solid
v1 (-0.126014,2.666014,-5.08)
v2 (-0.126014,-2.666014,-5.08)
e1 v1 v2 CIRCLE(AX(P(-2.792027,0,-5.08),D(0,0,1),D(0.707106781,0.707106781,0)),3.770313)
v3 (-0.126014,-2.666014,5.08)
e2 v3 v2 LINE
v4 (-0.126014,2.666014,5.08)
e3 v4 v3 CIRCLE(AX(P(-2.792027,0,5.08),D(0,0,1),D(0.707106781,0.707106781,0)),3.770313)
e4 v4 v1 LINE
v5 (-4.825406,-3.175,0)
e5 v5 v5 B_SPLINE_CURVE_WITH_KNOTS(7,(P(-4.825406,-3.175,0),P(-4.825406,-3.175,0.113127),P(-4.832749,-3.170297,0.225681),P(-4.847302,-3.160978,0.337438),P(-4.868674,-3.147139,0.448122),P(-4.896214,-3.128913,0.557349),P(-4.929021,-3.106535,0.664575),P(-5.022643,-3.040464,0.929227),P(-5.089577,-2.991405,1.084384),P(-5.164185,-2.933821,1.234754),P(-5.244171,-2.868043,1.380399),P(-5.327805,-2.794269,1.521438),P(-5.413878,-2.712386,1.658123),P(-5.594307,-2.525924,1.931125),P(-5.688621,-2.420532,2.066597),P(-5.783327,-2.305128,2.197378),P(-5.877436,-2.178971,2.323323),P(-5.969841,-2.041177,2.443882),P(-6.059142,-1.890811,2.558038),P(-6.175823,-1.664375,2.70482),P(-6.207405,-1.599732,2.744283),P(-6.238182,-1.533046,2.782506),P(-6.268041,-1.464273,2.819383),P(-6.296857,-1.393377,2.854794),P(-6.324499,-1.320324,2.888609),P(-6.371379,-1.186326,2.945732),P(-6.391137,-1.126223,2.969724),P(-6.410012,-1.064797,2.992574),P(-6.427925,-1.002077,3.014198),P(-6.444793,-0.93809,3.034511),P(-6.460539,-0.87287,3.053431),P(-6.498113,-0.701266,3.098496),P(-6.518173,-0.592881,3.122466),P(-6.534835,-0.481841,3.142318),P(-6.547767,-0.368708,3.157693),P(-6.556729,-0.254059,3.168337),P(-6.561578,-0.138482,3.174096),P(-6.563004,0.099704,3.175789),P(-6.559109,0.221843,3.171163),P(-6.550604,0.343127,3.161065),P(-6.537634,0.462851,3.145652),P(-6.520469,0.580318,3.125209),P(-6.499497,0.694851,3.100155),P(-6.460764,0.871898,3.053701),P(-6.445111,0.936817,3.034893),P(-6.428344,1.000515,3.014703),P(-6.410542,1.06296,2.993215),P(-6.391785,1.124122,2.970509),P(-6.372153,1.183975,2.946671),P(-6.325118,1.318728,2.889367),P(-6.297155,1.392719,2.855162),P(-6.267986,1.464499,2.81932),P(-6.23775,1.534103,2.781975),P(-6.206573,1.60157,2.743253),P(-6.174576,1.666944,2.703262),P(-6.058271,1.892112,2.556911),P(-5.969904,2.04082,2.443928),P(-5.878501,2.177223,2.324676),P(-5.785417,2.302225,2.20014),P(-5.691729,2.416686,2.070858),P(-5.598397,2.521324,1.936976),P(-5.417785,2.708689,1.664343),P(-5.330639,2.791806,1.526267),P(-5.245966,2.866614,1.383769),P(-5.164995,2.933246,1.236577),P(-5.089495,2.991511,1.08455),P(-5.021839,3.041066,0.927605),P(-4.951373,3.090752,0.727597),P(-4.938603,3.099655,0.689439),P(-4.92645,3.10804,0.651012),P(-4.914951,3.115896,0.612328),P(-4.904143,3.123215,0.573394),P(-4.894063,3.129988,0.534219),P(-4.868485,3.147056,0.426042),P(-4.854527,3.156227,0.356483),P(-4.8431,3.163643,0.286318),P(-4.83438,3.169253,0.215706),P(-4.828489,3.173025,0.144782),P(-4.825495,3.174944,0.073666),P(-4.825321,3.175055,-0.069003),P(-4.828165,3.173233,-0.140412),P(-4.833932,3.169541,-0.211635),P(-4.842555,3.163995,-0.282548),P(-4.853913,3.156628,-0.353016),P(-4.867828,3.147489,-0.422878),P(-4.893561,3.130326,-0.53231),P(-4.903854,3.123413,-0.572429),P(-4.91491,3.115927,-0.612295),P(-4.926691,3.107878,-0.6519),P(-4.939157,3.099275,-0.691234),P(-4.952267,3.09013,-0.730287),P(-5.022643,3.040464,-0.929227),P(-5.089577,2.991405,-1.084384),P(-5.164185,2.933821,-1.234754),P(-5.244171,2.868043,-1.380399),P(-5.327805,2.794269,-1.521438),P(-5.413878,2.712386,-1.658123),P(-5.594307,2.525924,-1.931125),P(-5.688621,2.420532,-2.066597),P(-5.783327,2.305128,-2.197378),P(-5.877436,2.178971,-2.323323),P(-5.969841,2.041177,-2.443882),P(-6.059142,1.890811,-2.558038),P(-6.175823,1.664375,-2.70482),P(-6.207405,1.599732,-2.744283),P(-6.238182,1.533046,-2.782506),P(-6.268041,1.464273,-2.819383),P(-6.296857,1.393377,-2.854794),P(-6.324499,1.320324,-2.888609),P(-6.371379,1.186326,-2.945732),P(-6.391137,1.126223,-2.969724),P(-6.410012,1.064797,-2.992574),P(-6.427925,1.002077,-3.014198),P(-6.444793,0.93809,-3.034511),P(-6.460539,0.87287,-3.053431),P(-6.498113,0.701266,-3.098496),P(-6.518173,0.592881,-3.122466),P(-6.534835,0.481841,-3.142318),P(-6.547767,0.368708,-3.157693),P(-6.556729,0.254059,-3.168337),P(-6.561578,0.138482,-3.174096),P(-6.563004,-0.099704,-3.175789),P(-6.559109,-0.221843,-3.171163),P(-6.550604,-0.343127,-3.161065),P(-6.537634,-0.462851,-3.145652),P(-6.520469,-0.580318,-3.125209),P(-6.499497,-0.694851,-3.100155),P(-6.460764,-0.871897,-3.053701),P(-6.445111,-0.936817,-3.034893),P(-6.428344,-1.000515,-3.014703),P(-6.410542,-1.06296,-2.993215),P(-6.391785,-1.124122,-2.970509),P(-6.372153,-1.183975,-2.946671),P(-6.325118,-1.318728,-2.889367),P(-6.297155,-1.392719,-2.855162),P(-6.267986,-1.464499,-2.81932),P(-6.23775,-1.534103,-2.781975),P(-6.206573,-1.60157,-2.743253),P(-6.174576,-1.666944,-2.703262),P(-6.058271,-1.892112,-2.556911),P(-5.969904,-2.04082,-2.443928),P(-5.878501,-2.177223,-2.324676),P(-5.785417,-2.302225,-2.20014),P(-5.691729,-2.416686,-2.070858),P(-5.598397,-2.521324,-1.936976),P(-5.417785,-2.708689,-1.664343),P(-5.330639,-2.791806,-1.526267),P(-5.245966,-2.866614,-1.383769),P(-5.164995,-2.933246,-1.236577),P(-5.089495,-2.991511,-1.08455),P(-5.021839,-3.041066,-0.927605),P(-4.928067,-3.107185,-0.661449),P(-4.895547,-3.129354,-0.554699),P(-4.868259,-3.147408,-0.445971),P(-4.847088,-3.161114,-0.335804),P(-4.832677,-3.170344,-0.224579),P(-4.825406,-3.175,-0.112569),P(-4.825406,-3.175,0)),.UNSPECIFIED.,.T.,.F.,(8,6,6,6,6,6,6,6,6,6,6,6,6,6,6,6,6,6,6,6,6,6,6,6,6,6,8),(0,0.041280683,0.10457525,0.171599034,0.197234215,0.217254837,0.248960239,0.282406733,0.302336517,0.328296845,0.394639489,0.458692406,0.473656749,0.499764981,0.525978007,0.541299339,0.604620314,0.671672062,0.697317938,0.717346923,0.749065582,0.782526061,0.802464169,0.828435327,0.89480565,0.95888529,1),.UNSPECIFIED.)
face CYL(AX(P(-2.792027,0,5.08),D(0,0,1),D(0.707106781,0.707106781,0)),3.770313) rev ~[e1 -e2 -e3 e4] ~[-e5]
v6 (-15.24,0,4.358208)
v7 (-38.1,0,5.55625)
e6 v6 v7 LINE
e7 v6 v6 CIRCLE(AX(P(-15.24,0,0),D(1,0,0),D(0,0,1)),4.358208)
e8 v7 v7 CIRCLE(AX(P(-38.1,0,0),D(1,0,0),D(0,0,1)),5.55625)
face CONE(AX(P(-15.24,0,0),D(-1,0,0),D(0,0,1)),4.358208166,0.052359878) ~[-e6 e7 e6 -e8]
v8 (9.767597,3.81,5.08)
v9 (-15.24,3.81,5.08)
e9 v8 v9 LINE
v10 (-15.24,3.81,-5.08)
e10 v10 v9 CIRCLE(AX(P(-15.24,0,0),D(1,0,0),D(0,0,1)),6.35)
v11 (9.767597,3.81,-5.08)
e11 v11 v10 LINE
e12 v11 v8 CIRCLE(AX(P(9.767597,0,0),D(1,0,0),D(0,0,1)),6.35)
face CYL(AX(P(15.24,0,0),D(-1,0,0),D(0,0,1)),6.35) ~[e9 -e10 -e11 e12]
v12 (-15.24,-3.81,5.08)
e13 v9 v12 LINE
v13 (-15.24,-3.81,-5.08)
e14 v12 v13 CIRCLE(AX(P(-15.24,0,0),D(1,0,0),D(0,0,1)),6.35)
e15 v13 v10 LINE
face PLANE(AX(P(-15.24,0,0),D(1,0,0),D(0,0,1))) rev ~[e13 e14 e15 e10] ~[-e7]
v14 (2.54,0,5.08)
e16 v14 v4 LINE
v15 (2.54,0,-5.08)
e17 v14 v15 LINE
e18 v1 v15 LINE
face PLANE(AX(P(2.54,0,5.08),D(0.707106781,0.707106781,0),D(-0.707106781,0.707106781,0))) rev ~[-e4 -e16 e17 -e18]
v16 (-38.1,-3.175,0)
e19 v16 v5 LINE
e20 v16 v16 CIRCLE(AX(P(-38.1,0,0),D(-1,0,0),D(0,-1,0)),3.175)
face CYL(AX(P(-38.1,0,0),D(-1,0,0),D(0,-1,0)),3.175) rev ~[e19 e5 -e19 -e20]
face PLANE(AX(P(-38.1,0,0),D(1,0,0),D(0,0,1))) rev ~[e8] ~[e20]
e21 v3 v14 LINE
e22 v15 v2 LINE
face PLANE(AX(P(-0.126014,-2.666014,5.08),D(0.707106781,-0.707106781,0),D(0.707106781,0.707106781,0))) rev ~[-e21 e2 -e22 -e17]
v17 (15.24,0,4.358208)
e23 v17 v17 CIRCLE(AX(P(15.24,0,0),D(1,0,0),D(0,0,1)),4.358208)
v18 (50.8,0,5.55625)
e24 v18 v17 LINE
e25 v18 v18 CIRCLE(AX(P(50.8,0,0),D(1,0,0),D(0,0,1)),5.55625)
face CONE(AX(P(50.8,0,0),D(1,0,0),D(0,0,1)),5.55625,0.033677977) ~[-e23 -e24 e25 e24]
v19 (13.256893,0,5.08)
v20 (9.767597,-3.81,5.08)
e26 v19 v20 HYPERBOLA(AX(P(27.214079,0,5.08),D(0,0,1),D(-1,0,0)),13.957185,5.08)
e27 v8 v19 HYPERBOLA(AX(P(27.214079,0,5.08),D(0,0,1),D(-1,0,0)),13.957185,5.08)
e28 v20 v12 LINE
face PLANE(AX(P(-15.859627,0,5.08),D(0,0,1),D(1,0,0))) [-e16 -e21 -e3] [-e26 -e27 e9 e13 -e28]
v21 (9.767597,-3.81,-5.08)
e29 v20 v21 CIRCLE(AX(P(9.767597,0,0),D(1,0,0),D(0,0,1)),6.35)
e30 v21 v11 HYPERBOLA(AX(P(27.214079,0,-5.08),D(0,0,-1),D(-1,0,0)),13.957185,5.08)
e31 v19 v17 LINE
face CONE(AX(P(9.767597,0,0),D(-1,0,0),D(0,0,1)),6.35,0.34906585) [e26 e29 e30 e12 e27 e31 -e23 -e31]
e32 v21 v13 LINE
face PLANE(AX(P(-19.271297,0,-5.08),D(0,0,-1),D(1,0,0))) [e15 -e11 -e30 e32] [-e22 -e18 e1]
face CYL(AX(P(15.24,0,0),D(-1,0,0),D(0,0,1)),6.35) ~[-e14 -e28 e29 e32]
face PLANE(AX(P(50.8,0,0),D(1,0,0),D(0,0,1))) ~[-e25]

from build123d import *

# Parameters (mm, degrees)
F4_W     = 33.2953643874
F4_H     = 11.8776631271
F4_W_2   = 38.4760469206
F4_H_2   = 10.2350075657
F5_DEPTH = 12.7
F7_DEPTH = 10.63725
F8_R     = 3.175
F9_DEPTH = 33.2755937355


with BuildPart() as f1:
    # F0 (on Front) → F1 (revolve)
    with BuildSketch(Plane.XZ):
        Polygon((-38.1, 5.55625), (-38.1, 0), (0, 0), (50.8, 0), (50.8, 5.55625), (15.24, 4.3582081656), (15.24, 6.35), (-15.24, 6.35), (-15.24, 4.3582081656), align=None)
    revolve(axis=Axis((-19.05, 0, 0), (1, 0, 0)))

    # F2 (on Front) → F3 (revolve, cut)
    with BuildSketch(Plane.XZ):
        Polygon((9.7675969107, 6.35), (15.24, 4.3582081656), (15.24, 6.35), align=None)
    revolve(axis=Axis((15.7110644504, 0, 0), (1, 0, 0)), mode=Mode.SUBTRACT)

    # F4 (on Front) → F5 (cut, symmetric)
    with BuildSketch(Plane.XZ):
        with Locations((0.7880554905, 11.0188315635)):
            Rectangle(F4_W, F4_H)
        with Locations((-0.0332731377, -10.1975037828)):
            Rectangle(F4_W_2, F4_H_2)
    extrude(amount=F5_DEPTH, both=True, mode=Mode.SUBTRACT)

    # F6 (on face) → F7 (cut, through all)
    with BuildSketch(Plane.XY.offset(5.08)):
        with BuildLine():
            Line((2.54, 0), (-0.1260135359, 2.6660135359))
            ThreePointArc((-0.1260135359, 2.6660135359), (-6.5623395719, 0), (-0.1260135359, -2.6660135359))
            Line((-0.1260135359, -2.6660135359), (2.54, 0))
        make_face()
    extrude(amount=-F7_DEPTH, mode=Mode.SUBTRACT)

    # F8 (on face) → F9 (cut, through all)
    with BuildSketch(Plane(origin=(-38.1, 0, 0), x_dir=(0, -1, 0), z_dir=(-1, 0, 0))):
        Circle(F8_R)
    extrude(amount=-F9_DEPTH, mode=Mode.SUBTRACT)


solid = f1.part
